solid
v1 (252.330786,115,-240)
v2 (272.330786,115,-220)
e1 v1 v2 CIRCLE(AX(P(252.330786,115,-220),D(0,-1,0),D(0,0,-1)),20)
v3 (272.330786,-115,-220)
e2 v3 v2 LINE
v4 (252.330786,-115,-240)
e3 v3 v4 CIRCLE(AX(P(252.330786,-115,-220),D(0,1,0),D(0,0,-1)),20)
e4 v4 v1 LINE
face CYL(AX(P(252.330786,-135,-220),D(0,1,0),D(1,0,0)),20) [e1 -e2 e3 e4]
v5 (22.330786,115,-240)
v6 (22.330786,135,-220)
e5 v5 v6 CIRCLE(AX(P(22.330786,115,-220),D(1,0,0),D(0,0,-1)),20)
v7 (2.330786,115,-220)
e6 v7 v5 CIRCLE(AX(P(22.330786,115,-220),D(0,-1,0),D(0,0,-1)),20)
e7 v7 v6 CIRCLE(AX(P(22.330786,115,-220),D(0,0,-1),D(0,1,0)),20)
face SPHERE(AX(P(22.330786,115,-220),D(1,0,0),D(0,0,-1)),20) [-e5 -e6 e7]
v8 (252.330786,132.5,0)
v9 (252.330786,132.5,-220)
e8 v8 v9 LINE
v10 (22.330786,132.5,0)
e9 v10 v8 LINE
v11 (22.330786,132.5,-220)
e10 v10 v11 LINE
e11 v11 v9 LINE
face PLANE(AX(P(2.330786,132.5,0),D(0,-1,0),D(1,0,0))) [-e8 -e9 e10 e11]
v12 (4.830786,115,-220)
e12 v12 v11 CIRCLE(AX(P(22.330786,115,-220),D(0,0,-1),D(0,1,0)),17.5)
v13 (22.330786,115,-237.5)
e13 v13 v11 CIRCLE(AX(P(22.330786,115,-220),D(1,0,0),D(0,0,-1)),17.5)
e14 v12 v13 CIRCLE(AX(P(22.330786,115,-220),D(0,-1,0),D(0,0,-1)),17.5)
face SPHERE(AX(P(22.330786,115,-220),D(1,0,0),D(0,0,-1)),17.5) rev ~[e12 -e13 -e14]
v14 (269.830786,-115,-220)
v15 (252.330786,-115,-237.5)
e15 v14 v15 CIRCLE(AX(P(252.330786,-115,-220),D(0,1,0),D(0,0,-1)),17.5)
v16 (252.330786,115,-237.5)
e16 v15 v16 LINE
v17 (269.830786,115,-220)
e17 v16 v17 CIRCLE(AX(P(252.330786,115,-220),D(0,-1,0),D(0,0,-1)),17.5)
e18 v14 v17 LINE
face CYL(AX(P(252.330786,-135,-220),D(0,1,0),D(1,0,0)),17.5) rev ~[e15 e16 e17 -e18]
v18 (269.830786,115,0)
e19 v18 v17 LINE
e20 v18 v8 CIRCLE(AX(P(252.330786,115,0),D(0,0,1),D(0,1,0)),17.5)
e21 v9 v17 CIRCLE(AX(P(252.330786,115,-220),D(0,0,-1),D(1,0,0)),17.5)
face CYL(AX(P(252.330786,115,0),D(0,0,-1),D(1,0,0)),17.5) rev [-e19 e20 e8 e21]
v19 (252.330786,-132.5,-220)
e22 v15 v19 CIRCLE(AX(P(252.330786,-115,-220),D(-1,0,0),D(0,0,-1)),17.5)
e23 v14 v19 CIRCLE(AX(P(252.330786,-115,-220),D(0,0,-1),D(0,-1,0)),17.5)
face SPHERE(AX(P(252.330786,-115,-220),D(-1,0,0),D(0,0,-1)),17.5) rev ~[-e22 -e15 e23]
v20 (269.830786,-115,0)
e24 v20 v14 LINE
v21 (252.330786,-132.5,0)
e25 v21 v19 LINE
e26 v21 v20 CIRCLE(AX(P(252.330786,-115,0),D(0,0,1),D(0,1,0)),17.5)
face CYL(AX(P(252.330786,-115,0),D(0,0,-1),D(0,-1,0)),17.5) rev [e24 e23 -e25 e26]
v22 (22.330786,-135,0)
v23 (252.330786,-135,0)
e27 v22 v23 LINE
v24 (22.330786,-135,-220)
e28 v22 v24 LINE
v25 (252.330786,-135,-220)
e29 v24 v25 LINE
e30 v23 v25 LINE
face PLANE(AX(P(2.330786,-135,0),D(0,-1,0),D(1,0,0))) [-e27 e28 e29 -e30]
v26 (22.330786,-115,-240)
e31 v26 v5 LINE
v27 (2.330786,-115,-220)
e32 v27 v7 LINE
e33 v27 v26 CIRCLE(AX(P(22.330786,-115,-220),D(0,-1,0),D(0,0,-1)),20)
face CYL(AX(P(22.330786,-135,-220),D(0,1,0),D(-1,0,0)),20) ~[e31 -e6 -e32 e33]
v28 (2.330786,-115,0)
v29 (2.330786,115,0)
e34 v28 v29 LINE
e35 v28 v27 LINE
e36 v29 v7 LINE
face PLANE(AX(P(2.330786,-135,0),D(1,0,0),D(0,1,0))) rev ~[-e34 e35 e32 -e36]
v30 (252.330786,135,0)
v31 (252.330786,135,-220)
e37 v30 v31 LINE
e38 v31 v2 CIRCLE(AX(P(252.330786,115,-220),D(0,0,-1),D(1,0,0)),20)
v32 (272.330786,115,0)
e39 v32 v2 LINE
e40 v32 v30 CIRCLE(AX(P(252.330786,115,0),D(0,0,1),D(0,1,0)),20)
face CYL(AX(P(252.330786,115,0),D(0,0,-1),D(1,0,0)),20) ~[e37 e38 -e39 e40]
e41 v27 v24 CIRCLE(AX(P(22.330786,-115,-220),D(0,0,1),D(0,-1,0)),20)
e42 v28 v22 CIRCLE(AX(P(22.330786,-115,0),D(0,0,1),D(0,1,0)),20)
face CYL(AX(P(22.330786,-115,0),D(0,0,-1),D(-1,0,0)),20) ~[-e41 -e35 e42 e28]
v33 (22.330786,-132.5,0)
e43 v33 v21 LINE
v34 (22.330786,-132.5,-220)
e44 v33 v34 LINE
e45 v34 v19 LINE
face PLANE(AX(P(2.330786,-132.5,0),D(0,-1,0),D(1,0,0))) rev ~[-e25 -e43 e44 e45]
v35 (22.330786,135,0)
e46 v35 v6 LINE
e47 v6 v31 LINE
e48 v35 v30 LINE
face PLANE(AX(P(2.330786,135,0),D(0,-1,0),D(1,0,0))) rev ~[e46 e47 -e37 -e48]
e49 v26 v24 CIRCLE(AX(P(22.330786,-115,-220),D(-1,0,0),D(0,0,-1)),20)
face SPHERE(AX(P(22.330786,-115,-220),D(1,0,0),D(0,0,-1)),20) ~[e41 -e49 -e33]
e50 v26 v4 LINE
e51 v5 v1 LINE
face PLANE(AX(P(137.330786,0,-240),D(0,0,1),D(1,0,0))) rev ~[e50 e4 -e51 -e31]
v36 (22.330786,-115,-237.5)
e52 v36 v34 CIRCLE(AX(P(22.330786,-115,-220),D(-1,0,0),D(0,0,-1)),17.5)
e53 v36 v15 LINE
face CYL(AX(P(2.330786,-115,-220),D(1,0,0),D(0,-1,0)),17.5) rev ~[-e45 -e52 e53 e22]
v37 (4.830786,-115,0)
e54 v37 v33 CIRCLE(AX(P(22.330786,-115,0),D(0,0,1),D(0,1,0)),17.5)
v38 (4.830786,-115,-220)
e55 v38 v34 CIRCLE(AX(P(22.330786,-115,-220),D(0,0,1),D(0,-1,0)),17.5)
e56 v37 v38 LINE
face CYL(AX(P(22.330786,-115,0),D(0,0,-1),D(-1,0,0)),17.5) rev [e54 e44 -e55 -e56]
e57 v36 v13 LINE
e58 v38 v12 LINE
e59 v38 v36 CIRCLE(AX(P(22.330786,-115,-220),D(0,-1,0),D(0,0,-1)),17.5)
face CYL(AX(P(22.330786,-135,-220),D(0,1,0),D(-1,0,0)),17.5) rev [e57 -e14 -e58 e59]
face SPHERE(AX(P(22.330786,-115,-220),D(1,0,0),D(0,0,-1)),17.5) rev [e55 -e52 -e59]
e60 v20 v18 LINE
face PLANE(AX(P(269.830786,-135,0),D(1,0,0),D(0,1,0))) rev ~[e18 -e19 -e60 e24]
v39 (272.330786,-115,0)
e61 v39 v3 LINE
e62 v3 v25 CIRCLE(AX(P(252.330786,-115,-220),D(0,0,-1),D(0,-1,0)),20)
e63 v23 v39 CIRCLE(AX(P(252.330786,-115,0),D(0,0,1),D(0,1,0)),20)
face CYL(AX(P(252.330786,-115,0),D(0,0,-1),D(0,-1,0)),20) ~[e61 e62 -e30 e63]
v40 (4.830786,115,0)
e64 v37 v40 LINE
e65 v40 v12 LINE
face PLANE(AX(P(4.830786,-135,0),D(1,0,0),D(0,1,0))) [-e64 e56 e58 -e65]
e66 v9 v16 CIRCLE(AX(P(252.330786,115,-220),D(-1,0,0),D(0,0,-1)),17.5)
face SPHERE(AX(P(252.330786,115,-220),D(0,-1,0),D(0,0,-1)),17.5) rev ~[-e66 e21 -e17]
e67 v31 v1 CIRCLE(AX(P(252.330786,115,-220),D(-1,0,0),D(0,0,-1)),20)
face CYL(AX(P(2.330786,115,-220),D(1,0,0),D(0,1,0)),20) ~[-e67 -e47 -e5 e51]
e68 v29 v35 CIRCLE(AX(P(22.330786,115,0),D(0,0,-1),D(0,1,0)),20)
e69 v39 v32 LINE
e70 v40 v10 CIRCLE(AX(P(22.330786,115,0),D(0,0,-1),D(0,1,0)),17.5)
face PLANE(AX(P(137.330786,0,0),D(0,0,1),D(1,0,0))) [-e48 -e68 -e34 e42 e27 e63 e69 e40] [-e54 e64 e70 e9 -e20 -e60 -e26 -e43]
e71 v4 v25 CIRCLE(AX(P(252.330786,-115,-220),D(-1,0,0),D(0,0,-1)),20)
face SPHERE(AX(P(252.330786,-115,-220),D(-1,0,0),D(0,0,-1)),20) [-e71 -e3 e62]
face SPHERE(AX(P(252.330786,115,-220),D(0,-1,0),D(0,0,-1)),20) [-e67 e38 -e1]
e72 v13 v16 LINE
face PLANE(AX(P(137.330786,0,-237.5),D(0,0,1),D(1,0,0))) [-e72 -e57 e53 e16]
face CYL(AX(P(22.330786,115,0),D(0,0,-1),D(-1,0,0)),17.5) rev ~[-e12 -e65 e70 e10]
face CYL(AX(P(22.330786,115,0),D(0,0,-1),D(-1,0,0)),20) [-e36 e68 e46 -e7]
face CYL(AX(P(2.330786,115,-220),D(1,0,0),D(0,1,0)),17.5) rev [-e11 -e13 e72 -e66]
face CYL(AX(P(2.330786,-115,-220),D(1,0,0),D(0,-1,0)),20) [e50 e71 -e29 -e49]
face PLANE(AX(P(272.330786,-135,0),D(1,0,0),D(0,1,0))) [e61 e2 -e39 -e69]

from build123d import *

# Parameters (mm, degrees)
F0_W     = 270
F0_H     = 270
F1_DEPTH = 240
F2_R     = 20
F3_T     = -2.5


with BuildPart() as f1:
    # F0 (on Top) → F1 (new body)
    with BuildSketch(Plane.XY):
        with Locations((137.330786, 0)):
            Rectangle(F0_W, F0_H)
    extrude(amount=-F1_DEPTH)

    # F2
    f2_edges = [f1.edges().sort_by_distance(p)[0] for p in [
        (137.330786, -135, -240),
        (272.330786, 0, -240),
        (137.330786, 135, -240),
        (2.330786, 0, -240),
        (2.330786, -135, -120),
        (272.330786, -135, -120),
        (272.330786, 135, -120),
        (2.330786, 135, -120),
    ]]
    fillet(f2_edges, radius=F2_R)

    # F3
    f3_openings = [f1.faces().sort_by_distance(p)[0] for p in [
        (137.330786, 0, 0),
    ]]
    offset(amount=F3_T, openings=f3_openings)


solid = f1.part
